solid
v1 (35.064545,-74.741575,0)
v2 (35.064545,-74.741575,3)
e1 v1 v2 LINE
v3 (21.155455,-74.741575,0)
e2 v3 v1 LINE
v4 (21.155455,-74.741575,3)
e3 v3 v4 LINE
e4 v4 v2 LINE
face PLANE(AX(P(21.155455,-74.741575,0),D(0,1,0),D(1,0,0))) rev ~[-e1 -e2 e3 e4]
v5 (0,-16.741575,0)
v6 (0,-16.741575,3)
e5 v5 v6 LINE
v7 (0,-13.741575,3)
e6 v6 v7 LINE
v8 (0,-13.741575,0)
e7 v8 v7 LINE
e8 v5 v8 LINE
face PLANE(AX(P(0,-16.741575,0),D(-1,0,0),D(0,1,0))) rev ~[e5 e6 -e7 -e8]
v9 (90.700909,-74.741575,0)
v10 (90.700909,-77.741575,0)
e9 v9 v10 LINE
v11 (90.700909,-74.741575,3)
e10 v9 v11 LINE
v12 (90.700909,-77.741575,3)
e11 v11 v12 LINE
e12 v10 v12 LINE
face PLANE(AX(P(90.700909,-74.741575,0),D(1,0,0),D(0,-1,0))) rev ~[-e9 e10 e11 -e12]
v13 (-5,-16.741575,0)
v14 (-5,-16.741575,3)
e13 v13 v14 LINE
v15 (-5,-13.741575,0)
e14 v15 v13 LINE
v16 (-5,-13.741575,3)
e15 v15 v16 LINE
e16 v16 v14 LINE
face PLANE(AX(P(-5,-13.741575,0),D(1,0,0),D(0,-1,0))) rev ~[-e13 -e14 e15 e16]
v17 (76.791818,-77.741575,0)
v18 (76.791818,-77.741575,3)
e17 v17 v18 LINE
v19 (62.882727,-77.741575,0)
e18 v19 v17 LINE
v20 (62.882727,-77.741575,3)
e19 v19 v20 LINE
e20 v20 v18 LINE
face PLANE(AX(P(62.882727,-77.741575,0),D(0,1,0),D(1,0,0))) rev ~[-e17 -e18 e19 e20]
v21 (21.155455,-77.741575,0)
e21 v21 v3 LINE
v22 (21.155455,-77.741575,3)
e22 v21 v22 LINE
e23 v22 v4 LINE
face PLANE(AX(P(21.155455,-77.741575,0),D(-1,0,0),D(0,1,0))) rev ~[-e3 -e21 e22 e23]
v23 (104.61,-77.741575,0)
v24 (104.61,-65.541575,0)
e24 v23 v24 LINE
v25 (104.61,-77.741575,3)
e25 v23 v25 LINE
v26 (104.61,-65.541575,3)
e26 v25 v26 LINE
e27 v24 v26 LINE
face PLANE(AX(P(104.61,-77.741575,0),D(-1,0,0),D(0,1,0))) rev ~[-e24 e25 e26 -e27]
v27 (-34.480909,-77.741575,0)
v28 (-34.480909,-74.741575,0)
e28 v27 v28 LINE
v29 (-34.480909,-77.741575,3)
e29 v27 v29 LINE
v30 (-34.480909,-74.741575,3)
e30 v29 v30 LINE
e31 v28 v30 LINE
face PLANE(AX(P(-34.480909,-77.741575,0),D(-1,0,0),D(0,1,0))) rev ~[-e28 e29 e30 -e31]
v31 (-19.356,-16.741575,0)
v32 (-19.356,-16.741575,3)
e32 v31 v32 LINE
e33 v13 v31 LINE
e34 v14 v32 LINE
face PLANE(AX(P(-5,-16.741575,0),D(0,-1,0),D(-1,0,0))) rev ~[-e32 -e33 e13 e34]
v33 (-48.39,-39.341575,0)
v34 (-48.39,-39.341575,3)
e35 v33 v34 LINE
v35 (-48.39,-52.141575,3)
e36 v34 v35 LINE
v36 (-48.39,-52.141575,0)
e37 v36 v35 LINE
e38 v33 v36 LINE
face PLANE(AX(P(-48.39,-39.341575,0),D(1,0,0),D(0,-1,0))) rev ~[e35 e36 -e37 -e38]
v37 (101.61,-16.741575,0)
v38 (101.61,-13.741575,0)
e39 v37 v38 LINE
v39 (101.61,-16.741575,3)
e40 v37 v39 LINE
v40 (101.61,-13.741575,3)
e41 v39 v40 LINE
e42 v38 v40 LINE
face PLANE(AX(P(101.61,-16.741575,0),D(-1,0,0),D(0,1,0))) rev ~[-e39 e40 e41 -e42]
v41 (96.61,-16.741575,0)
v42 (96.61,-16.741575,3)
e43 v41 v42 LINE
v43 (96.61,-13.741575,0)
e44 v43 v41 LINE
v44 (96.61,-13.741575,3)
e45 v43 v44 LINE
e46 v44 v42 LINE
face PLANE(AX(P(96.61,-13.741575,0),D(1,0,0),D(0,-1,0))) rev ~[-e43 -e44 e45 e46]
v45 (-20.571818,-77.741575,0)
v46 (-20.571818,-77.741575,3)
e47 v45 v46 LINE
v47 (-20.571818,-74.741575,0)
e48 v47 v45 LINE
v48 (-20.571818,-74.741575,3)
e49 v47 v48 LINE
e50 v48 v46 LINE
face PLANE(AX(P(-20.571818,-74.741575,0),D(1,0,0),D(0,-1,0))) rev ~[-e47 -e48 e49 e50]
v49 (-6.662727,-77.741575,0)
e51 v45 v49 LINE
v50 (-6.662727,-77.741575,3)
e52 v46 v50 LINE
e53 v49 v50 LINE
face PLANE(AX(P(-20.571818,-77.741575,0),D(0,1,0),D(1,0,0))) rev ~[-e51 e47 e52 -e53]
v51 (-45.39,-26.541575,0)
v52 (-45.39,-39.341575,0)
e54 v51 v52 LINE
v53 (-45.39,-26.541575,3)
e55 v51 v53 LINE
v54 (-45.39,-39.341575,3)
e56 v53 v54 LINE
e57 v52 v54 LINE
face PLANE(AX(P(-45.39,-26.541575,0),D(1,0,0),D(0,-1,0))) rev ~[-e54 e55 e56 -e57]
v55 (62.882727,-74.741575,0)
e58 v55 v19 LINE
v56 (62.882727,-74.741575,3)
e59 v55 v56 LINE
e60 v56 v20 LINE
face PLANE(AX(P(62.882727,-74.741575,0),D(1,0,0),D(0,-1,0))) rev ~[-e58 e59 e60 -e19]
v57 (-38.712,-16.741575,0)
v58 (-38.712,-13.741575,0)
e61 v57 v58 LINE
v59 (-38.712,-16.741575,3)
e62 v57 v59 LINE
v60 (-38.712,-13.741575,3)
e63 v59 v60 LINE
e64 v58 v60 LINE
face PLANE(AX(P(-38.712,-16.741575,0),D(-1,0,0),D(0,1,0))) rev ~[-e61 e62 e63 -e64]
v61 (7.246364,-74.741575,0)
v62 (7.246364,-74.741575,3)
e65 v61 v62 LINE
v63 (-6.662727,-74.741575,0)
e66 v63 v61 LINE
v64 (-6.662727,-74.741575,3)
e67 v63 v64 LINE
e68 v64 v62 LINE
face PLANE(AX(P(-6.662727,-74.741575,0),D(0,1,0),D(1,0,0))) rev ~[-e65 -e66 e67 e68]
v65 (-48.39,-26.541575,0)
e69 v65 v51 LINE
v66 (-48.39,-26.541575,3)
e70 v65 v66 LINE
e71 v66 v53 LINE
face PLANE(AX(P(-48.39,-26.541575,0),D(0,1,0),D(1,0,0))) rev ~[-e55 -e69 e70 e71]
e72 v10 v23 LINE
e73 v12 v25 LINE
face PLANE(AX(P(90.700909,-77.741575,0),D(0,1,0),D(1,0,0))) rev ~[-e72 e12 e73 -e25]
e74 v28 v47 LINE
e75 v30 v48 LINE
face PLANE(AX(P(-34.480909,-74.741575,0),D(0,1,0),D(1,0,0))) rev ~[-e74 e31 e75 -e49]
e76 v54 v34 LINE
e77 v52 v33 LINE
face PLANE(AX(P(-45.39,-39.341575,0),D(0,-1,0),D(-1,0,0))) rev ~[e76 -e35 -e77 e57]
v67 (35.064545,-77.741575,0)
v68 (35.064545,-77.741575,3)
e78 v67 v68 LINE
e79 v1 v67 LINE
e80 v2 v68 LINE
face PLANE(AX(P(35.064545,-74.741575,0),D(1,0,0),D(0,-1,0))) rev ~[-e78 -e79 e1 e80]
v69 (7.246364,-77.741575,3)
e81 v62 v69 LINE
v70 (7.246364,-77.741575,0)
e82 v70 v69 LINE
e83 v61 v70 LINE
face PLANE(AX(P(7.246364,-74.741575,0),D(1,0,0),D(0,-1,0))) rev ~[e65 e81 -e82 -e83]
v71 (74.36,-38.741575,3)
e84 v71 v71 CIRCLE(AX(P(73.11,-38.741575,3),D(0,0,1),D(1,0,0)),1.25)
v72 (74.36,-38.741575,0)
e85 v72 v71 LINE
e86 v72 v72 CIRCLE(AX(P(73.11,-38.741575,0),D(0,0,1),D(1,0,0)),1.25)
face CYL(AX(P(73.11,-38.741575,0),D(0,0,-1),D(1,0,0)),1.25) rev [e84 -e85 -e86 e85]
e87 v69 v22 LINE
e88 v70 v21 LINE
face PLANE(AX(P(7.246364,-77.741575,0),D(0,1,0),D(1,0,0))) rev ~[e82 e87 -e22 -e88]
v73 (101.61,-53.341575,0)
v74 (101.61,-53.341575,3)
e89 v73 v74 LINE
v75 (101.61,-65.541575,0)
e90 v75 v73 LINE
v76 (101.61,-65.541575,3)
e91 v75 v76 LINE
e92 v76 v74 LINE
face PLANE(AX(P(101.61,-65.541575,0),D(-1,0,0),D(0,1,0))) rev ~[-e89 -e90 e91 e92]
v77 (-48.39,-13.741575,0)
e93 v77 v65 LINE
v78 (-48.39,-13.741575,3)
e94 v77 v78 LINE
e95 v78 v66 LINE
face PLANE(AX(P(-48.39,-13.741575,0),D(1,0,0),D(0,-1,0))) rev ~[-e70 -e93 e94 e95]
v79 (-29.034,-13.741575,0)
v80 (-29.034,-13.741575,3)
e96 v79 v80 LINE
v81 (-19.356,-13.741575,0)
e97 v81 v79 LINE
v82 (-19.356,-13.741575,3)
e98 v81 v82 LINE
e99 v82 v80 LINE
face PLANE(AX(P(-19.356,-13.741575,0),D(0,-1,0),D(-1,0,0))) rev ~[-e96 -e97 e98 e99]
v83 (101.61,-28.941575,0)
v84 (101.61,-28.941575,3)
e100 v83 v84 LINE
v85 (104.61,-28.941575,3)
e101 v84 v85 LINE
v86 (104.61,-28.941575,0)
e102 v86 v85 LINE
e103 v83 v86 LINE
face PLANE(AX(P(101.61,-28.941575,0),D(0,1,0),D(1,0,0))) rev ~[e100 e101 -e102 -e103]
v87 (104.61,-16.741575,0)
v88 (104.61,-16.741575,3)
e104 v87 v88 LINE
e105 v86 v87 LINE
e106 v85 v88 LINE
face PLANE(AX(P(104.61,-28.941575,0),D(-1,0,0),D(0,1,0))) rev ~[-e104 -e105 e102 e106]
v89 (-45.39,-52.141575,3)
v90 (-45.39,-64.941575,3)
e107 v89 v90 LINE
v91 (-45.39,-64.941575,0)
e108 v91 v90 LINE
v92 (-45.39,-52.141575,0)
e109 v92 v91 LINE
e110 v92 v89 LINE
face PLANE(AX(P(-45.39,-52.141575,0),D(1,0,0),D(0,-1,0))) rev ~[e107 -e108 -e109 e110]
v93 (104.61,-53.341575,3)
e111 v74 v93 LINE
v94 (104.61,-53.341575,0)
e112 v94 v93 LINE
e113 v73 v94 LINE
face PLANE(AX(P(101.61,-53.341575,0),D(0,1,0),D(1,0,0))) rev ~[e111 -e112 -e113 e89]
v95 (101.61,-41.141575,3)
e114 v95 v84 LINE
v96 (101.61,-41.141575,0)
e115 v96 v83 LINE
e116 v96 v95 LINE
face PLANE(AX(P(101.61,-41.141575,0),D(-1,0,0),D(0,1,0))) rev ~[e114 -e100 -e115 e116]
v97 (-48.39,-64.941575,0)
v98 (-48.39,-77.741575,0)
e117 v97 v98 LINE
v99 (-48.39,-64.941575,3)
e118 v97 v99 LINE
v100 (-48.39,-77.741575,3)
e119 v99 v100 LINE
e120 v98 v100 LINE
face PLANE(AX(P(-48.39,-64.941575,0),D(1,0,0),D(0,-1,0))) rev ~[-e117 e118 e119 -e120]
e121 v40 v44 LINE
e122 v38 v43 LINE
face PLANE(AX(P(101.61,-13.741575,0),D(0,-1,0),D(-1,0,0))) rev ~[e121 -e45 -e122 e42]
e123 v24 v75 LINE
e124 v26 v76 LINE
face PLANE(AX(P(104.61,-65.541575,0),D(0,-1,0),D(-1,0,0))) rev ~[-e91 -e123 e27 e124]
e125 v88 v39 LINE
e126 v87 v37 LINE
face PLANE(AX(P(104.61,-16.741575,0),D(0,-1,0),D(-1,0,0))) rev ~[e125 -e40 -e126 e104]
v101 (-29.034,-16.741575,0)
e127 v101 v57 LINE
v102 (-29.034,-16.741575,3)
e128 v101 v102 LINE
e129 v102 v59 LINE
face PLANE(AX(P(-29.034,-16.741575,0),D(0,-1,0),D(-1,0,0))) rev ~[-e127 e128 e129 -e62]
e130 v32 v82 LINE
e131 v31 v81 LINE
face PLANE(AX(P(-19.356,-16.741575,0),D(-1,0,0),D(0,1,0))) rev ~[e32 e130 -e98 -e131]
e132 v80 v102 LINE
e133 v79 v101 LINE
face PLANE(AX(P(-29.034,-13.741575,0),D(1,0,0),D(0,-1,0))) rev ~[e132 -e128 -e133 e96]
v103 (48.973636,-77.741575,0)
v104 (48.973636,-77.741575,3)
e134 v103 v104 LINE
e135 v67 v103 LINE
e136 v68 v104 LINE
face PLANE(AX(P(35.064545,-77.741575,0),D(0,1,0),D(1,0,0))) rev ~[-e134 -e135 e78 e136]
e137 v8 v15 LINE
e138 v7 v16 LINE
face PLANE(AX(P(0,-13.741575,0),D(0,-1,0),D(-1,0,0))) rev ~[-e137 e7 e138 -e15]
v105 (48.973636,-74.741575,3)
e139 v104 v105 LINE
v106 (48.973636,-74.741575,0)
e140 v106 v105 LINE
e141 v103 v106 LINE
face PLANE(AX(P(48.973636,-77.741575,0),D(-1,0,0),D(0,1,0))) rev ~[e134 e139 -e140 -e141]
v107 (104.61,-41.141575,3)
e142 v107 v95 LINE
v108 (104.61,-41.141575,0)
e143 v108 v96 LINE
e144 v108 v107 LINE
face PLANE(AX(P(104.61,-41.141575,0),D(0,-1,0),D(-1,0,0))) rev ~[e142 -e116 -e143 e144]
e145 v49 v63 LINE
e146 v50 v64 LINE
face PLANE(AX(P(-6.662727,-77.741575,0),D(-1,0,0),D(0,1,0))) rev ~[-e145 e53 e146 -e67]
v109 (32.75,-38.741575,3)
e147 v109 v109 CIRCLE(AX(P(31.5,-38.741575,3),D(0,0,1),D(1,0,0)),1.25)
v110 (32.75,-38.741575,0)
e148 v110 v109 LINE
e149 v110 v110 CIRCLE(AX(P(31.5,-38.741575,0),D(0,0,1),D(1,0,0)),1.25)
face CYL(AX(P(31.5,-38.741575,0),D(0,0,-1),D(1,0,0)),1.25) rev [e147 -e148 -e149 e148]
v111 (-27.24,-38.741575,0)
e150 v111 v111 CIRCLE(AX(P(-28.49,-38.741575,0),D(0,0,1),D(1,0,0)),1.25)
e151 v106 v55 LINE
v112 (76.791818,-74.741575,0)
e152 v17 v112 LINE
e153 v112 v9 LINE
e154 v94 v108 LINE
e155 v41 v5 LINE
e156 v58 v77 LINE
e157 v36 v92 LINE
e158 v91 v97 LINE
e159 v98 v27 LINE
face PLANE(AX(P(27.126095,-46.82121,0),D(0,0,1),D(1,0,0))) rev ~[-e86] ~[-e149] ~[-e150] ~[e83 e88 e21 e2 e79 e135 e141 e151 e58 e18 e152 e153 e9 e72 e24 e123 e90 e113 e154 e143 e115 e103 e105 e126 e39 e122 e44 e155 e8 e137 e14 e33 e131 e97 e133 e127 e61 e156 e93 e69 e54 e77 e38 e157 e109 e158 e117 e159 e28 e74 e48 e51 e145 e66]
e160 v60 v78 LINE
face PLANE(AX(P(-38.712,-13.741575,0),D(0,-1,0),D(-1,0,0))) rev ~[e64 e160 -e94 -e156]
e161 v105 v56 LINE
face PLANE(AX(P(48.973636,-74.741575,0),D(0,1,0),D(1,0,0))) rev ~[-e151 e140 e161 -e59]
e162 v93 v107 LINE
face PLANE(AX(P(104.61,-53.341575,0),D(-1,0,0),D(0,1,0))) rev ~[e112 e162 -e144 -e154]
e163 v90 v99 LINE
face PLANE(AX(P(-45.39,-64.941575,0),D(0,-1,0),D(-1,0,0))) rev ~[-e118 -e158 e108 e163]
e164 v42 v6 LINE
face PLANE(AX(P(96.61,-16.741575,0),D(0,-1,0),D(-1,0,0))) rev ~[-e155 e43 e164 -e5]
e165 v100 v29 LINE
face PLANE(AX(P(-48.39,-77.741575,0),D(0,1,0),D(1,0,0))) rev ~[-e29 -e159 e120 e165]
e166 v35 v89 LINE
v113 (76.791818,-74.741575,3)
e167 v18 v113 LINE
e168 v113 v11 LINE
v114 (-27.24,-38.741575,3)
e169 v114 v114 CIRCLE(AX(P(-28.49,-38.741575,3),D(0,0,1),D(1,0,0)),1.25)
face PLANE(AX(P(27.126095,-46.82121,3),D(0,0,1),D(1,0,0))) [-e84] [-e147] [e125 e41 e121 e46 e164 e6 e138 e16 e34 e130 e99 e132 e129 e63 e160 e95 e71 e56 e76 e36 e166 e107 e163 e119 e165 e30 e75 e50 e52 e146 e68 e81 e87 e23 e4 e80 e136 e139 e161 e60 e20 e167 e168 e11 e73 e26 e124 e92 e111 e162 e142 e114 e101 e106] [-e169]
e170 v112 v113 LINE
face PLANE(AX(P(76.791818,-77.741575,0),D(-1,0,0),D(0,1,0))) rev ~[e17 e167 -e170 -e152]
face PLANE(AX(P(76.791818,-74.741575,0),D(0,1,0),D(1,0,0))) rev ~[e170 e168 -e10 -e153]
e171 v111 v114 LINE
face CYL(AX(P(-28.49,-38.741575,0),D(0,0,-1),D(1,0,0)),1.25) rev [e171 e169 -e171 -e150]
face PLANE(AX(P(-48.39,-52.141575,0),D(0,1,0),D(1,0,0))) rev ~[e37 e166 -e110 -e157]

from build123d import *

# Parameters (mm, degrees)
CROQUIS1_R              = 1.25
SALIENTE_EXTRUIR1_DEPTH = 3


with BuildPart() as part:
    # Croquis1 → Saliente-Extruir1 (new body)
    with BuildSketch(Plane.XY):
        Polygon((96.61, -16.741574692), (0, -16.741574692), (0, -13.741574692), (-5, -13.741574692), (-5, -16.741574692), (-9.678, -16.741574692), (-19.356, -16.741574692), (-19.356, -13.741574692), (-29.034, -13.741574692), (-29.034, -16.741574692), (-38.712, -16.741574692), (-38.712, -13.741574692), (-48.39, -13.741574692), (-48.39, -26.541574692), (-45.39, -26.541574692), (-45.39, -39.341574692), (-48.39, -39.341574692), (-48.39, -52.141574692), (-45.39, -52.141574692), (-45.39, -64.941574692), (-48.39, -64.941574692), (-48.39, -77.741574692), (-34.480909091, -77.741574692), (-34.480909091, -74.741574692), (-20.571818182, -74.741574692), (-20.571818182, -77.741574692), (-6.662727273, -77.741574692), (-6.662727273, -74.741574692), (7.246363636, -74.741574692), (7.246363636, -77.741574692), (21.155454545, -77.741574692), (21.155454545, -74.741574692), (35.064545455, -74.741574692), (35.064545455, -77.741574692), (48.973636364, -77.741574692), (48.973636364, -74.741574692), (62.882727273, -74.741574692), (62.882727273, -77.741574692), (76.791818182, -77.741574692), (76.791818182, -74.741574692), (90.700909091, -74.741574692), (90.700909091, -77.741574692), (104.61, -77.741574692), (104.61, -65.541574692), (101.61, -65.541574692), (101.61, -53.341574692), (104.61, -53.341574692), (104.61, -41.141574692), (101.61, -41.141574692), (101.61, -28.941574692), (104.61, -28.941574692), (104.61, -16.741574692), (101.61, -16.741574692), (101.61, -13.741574692), (96.61, -13.741574692), align=None)
        with Locations((-28.49, -38.741574692)):
            Circle(CROQUIS1_R, mode=Mode.SUBTRACT)
        with Locations((31.5, -38.741574692)):
            Circle(CROQUIS1_R, mode=Mode.SUBTRACT)
        with Locations((73.11, -38.741574692)):
            Circle(CROQUIS1_R, mode=Mode.SUBTRACT)
    extrude(amount=SALIENTE_EXTRUIR1_DEPTH)


solid = part.part
